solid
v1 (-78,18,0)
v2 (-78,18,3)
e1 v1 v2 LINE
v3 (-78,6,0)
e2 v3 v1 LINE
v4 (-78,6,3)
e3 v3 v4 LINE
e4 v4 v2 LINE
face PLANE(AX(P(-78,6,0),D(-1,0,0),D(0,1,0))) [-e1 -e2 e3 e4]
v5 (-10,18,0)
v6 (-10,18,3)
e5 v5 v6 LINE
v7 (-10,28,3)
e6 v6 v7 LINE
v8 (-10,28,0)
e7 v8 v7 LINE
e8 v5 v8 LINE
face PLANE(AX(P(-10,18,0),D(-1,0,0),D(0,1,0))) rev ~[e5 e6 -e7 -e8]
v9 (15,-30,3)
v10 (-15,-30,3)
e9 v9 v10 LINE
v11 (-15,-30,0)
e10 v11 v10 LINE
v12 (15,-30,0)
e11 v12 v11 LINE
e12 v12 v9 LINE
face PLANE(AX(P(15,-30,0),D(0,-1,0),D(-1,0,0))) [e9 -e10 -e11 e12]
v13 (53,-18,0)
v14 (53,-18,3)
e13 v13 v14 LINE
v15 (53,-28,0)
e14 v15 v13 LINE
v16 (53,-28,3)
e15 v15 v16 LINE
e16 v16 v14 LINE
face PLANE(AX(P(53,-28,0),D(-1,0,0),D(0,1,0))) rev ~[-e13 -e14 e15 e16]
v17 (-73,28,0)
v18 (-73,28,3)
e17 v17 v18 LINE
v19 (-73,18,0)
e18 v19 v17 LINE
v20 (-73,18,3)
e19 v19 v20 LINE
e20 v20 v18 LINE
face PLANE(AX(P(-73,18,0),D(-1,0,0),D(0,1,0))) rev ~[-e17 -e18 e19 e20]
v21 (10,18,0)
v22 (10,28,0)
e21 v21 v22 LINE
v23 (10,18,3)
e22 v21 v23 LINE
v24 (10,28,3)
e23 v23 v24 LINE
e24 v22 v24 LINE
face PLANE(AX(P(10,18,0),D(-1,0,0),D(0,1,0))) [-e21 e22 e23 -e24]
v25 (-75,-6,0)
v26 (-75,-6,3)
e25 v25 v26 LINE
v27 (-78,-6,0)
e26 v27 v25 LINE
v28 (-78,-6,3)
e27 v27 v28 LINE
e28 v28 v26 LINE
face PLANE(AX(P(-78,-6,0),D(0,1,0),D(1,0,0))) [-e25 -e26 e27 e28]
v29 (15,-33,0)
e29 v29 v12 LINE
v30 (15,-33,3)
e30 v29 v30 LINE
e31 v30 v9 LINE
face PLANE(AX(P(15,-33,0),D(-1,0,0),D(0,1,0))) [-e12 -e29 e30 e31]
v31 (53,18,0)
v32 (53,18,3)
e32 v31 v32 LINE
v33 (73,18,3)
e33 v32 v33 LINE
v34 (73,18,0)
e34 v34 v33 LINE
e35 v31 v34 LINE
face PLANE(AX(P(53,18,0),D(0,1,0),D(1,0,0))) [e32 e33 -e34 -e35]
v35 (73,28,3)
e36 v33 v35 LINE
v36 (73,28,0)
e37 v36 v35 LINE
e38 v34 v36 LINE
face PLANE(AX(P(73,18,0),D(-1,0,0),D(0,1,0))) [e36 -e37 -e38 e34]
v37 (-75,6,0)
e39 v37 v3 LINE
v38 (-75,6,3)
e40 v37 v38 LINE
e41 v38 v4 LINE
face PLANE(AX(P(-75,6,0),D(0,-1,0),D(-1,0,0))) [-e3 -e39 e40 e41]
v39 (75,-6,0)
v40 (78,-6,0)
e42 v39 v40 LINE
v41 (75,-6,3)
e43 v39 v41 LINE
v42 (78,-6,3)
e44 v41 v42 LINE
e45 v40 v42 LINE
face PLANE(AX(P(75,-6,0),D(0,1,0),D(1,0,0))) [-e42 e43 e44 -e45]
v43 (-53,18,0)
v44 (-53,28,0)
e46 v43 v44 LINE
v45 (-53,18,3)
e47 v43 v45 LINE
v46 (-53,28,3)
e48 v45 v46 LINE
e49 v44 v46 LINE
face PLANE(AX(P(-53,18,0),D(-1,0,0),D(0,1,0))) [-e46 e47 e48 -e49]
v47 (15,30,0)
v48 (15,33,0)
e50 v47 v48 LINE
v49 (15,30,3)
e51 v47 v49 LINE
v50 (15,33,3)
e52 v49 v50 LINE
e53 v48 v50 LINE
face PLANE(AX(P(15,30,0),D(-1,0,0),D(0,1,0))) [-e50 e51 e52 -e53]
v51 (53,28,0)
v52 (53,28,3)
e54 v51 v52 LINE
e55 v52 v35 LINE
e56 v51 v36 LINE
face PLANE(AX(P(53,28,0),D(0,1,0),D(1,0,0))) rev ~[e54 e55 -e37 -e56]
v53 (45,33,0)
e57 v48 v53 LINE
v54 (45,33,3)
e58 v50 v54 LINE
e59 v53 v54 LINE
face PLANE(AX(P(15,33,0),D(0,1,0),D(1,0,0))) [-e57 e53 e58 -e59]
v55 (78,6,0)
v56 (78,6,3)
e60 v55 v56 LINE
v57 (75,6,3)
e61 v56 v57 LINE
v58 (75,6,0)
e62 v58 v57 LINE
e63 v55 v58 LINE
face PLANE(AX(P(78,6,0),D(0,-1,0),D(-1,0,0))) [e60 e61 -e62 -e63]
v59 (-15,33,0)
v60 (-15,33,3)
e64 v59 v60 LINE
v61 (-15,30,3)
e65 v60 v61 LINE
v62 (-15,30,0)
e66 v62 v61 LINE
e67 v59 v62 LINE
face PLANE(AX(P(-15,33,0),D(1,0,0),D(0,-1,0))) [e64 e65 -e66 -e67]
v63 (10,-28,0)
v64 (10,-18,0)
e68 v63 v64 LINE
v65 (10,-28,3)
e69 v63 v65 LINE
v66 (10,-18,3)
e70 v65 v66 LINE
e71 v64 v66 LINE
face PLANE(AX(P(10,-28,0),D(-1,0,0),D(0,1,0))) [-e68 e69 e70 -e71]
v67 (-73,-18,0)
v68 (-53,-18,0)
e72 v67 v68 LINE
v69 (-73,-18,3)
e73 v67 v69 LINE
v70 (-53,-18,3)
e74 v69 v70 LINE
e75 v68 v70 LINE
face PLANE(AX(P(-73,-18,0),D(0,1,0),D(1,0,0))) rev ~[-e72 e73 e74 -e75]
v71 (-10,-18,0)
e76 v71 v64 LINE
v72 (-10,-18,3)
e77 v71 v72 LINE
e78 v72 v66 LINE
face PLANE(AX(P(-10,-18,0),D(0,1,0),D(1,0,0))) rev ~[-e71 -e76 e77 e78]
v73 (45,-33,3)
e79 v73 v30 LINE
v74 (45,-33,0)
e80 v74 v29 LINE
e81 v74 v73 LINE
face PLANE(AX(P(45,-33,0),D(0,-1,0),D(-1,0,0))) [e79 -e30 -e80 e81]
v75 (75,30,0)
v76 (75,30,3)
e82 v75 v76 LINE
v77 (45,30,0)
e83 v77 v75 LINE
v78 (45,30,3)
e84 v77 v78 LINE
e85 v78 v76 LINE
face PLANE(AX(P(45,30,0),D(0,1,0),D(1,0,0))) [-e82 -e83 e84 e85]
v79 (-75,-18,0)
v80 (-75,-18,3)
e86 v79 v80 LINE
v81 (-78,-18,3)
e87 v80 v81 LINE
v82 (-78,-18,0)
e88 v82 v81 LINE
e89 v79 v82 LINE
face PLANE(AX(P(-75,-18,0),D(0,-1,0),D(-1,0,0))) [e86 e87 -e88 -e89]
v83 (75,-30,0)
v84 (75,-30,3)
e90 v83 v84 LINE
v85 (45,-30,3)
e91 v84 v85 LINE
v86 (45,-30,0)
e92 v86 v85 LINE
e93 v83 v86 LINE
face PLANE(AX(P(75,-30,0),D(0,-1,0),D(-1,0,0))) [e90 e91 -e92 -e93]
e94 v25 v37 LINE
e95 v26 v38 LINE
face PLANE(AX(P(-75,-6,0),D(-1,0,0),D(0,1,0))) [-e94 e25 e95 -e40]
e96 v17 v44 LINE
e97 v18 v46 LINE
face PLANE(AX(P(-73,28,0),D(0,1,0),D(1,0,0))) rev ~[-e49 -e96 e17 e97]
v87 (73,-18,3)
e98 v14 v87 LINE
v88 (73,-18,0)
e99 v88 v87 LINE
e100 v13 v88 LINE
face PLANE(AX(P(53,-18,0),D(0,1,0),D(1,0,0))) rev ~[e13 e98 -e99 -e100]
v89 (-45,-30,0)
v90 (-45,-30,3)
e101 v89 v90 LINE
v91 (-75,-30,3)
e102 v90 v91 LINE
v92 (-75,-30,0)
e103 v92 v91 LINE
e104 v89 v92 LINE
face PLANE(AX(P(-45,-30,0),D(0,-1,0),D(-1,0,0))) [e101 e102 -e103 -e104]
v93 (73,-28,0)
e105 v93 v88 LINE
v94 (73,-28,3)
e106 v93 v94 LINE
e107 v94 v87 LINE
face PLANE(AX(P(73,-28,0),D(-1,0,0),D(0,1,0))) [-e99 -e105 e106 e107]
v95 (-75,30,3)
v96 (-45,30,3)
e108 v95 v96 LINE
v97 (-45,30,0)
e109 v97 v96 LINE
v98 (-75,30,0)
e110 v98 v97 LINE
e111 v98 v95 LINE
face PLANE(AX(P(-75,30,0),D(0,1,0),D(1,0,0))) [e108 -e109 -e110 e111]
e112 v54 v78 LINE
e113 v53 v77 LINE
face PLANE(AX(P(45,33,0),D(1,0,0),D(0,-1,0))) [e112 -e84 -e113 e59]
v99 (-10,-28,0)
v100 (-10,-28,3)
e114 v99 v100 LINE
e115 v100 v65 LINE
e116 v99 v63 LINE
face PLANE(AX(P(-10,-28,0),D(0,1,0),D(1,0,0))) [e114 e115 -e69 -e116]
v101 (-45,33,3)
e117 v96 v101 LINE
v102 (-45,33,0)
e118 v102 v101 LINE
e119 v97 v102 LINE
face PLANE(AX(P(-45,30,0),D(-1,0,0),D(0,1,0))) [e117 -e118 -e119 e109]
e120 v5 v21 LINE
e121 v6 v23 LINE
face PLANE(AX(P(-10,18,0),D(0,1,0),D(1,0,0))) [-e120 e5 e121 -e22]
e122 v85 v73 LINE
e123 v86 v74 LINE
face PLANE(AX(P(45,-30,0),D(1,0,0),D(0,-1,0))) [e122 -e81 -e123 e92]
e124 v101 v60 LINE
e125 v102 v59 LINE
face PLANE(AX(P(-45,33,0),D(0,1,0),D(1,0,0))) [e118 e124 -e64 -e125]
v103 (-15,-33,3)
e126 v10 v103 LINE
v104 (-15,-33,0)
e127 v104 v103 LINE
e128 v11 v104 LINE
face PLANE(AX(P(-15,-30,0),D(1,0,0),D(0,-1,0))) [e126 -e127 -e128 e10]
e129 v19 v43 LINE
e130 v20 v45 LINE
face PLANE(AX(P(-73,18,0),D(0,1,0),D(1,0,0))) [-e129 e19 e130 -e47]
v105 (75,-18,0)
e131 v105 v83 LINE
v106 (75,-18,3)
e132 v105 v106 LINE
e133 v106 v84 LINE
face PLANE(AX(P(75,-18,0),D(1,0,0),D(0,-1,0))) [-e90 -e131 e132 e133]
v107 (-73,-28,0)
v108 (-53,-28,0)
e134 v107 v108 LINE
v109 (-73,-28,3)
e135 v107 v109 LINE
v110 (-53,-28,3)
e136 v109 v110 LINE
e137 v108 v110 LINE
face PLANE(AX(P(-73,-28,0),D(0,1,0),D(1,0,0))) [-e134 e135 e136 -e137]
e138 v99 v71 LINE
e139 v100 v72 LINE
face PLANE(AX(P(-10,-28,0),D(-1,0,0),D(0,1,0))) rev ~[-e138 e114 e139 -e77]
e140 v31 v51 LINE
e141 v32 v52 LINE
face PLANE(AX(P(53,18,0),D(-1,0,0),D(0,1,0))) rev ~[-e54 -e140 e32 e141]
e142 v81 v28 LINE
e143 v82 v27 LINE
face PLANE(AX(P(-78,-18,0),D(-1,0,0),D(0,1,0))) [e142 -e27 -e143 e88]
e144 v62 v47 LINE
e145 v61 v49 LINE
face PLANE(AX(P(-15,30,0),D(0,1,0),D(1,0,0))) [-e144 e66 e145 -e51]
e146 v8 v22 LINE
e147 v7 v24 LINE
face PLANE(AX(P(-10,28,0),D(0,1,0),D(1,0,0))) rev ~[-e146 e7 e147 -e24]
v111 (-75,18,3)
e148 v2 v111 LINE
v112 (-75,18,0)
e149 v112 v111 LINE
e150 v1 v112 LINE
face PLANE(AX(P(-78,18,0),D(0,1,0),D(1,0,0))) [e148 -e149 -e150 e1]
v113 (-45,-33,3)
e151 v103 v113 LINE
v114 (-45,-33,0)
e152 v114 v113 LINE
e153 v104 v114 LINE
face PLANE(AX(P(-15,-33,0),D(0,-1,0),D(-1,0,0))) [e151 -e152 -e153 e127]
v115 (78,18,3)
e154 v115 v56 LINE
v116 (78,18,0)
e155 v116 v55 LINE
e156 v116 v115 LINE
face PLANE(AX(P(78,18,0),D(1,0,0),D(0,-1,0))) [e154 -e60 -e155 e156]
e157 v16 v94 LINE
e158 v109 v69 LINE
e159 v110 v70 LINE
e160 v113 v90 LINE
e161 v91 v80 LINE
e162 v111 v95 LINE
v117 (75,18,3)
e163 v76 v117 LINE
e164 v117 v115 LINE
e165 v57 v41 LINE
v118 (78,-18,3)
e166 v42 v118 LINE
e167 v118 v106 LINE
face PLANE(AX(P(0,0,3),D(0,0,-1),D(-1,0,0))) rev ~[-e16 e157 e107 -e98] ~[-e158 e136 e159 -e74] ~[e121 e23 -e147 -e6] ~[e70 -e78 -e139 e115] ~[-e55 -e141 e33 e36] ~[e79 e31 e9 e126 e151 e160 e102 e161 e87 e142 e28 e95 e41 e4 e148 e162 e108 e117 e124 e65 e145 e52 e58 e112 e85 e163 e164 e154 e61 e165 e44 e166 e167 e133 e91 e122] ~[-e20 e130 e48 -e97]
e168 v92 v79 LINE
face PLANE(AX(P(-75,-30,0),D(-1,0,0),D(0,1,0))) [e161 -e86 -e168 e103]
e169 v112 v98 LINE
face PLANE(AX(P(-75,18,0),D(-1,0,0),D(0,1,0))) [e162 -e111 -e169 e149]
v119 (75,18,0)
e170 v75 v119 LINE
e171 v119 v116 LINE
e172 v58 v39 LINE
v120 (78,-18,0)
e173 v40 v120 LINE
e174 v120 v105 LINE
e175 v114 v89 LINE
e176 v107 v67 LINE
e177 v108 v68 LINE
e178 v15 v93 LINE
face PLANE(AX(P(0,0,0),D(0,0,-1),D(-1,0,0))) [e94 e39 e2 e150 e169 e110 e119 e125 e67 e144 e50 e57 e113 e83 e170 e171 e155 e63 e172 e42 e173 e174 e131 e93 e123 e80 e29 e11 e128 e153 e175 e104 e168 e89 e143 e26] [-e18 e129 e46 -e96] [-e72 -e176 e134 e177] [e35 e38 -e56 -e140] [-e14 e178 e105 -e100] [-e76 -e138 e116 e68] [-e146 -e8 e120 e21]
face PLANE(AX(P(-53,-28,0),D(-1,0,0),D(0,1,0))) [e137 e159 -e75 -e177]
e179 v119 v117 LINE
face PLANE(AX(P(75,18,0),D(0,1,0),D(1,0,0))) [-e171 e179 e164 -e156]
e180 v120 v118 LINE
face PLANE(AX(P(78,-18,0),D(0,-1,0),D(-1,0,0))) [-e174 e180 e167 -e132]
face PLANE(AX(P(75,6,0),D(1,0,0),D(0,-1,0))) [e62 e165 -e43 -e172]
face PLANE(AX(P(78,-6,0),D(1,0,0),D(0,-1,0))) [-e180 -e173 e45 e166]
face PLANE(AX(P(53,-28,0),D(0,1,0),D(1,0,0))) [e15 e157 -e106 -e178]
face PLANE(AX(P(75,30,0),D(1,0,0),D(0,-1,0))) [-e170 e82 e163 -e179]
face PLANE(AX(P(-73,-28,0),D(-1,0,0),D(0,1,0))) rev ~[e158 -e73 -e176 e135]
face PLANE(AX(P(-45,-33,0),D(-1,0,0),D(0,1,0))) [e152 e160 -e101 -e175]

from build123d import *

# Parameters (mm, degrees)
ESBO_O1_W                = 20
ESBO_O1_H                = 10
RESSALTO_EXTRUS_O1_DEPTH = 3


with BuildPart() as part:
    # Esboço1 → Ressalto-extrusão1 (new body)
    with BuildSketch(Plane.XY):
        Polygon((-15, 30), (15, 30), (15, 33), (45, 33), (45, 30), (75, 30), (75, 18), (78, 18), (78, 6), (75, 6), (75, -6), (78, -6), (78, -18), (75, -18), (75, -30), (45, -30), (45, -33), (15, -33), (15, -30), (-15, -30), (-15, -33), (-45, -33), (-45, -30), (-75, -30), (-75, -18), (-78, -18), (-78, -6), (-75, -6), (-75, 6), (-78, 6), (-78, 18), (-75, 18), (-75, 30), (-45, 30), (-45, 33), (-15, 33), align=None)
        with Locations((63, -23)):
            Rectangle(ESBO_O1_W, ESBO_O1_H, mode=Mode.SUBTRACT)
        with Locations((-63, -23)):
            Rectangle(ESBO_O1_W, ESBO_O1_H, mode=Mode.SUBTRACT)
        with Locations((-63, 23)):
            Rectangle(ESBO_O1_W, ESBO_O1_H, mode=Mode.SUBTRACT)
        with Locations((63, 23)):
            Rectangle(ESBO_O1_W, ESBO_O1_H, mode=Mode.SUBTRACT)
        with Locations((0, -23)):
            Rectangle(ESBO_O1_W, ESBO_O1_H, mode=Mode.SUBTRACT)
        with Locations((0, 23)):
            Rectangle(ESBO_O1_W, ESBO_O1_H, mode=Mode.SUBTRACT)
    extrude(amount=RESSALTO_EXTRUS_O1_DEPTH)


solid = part.part
